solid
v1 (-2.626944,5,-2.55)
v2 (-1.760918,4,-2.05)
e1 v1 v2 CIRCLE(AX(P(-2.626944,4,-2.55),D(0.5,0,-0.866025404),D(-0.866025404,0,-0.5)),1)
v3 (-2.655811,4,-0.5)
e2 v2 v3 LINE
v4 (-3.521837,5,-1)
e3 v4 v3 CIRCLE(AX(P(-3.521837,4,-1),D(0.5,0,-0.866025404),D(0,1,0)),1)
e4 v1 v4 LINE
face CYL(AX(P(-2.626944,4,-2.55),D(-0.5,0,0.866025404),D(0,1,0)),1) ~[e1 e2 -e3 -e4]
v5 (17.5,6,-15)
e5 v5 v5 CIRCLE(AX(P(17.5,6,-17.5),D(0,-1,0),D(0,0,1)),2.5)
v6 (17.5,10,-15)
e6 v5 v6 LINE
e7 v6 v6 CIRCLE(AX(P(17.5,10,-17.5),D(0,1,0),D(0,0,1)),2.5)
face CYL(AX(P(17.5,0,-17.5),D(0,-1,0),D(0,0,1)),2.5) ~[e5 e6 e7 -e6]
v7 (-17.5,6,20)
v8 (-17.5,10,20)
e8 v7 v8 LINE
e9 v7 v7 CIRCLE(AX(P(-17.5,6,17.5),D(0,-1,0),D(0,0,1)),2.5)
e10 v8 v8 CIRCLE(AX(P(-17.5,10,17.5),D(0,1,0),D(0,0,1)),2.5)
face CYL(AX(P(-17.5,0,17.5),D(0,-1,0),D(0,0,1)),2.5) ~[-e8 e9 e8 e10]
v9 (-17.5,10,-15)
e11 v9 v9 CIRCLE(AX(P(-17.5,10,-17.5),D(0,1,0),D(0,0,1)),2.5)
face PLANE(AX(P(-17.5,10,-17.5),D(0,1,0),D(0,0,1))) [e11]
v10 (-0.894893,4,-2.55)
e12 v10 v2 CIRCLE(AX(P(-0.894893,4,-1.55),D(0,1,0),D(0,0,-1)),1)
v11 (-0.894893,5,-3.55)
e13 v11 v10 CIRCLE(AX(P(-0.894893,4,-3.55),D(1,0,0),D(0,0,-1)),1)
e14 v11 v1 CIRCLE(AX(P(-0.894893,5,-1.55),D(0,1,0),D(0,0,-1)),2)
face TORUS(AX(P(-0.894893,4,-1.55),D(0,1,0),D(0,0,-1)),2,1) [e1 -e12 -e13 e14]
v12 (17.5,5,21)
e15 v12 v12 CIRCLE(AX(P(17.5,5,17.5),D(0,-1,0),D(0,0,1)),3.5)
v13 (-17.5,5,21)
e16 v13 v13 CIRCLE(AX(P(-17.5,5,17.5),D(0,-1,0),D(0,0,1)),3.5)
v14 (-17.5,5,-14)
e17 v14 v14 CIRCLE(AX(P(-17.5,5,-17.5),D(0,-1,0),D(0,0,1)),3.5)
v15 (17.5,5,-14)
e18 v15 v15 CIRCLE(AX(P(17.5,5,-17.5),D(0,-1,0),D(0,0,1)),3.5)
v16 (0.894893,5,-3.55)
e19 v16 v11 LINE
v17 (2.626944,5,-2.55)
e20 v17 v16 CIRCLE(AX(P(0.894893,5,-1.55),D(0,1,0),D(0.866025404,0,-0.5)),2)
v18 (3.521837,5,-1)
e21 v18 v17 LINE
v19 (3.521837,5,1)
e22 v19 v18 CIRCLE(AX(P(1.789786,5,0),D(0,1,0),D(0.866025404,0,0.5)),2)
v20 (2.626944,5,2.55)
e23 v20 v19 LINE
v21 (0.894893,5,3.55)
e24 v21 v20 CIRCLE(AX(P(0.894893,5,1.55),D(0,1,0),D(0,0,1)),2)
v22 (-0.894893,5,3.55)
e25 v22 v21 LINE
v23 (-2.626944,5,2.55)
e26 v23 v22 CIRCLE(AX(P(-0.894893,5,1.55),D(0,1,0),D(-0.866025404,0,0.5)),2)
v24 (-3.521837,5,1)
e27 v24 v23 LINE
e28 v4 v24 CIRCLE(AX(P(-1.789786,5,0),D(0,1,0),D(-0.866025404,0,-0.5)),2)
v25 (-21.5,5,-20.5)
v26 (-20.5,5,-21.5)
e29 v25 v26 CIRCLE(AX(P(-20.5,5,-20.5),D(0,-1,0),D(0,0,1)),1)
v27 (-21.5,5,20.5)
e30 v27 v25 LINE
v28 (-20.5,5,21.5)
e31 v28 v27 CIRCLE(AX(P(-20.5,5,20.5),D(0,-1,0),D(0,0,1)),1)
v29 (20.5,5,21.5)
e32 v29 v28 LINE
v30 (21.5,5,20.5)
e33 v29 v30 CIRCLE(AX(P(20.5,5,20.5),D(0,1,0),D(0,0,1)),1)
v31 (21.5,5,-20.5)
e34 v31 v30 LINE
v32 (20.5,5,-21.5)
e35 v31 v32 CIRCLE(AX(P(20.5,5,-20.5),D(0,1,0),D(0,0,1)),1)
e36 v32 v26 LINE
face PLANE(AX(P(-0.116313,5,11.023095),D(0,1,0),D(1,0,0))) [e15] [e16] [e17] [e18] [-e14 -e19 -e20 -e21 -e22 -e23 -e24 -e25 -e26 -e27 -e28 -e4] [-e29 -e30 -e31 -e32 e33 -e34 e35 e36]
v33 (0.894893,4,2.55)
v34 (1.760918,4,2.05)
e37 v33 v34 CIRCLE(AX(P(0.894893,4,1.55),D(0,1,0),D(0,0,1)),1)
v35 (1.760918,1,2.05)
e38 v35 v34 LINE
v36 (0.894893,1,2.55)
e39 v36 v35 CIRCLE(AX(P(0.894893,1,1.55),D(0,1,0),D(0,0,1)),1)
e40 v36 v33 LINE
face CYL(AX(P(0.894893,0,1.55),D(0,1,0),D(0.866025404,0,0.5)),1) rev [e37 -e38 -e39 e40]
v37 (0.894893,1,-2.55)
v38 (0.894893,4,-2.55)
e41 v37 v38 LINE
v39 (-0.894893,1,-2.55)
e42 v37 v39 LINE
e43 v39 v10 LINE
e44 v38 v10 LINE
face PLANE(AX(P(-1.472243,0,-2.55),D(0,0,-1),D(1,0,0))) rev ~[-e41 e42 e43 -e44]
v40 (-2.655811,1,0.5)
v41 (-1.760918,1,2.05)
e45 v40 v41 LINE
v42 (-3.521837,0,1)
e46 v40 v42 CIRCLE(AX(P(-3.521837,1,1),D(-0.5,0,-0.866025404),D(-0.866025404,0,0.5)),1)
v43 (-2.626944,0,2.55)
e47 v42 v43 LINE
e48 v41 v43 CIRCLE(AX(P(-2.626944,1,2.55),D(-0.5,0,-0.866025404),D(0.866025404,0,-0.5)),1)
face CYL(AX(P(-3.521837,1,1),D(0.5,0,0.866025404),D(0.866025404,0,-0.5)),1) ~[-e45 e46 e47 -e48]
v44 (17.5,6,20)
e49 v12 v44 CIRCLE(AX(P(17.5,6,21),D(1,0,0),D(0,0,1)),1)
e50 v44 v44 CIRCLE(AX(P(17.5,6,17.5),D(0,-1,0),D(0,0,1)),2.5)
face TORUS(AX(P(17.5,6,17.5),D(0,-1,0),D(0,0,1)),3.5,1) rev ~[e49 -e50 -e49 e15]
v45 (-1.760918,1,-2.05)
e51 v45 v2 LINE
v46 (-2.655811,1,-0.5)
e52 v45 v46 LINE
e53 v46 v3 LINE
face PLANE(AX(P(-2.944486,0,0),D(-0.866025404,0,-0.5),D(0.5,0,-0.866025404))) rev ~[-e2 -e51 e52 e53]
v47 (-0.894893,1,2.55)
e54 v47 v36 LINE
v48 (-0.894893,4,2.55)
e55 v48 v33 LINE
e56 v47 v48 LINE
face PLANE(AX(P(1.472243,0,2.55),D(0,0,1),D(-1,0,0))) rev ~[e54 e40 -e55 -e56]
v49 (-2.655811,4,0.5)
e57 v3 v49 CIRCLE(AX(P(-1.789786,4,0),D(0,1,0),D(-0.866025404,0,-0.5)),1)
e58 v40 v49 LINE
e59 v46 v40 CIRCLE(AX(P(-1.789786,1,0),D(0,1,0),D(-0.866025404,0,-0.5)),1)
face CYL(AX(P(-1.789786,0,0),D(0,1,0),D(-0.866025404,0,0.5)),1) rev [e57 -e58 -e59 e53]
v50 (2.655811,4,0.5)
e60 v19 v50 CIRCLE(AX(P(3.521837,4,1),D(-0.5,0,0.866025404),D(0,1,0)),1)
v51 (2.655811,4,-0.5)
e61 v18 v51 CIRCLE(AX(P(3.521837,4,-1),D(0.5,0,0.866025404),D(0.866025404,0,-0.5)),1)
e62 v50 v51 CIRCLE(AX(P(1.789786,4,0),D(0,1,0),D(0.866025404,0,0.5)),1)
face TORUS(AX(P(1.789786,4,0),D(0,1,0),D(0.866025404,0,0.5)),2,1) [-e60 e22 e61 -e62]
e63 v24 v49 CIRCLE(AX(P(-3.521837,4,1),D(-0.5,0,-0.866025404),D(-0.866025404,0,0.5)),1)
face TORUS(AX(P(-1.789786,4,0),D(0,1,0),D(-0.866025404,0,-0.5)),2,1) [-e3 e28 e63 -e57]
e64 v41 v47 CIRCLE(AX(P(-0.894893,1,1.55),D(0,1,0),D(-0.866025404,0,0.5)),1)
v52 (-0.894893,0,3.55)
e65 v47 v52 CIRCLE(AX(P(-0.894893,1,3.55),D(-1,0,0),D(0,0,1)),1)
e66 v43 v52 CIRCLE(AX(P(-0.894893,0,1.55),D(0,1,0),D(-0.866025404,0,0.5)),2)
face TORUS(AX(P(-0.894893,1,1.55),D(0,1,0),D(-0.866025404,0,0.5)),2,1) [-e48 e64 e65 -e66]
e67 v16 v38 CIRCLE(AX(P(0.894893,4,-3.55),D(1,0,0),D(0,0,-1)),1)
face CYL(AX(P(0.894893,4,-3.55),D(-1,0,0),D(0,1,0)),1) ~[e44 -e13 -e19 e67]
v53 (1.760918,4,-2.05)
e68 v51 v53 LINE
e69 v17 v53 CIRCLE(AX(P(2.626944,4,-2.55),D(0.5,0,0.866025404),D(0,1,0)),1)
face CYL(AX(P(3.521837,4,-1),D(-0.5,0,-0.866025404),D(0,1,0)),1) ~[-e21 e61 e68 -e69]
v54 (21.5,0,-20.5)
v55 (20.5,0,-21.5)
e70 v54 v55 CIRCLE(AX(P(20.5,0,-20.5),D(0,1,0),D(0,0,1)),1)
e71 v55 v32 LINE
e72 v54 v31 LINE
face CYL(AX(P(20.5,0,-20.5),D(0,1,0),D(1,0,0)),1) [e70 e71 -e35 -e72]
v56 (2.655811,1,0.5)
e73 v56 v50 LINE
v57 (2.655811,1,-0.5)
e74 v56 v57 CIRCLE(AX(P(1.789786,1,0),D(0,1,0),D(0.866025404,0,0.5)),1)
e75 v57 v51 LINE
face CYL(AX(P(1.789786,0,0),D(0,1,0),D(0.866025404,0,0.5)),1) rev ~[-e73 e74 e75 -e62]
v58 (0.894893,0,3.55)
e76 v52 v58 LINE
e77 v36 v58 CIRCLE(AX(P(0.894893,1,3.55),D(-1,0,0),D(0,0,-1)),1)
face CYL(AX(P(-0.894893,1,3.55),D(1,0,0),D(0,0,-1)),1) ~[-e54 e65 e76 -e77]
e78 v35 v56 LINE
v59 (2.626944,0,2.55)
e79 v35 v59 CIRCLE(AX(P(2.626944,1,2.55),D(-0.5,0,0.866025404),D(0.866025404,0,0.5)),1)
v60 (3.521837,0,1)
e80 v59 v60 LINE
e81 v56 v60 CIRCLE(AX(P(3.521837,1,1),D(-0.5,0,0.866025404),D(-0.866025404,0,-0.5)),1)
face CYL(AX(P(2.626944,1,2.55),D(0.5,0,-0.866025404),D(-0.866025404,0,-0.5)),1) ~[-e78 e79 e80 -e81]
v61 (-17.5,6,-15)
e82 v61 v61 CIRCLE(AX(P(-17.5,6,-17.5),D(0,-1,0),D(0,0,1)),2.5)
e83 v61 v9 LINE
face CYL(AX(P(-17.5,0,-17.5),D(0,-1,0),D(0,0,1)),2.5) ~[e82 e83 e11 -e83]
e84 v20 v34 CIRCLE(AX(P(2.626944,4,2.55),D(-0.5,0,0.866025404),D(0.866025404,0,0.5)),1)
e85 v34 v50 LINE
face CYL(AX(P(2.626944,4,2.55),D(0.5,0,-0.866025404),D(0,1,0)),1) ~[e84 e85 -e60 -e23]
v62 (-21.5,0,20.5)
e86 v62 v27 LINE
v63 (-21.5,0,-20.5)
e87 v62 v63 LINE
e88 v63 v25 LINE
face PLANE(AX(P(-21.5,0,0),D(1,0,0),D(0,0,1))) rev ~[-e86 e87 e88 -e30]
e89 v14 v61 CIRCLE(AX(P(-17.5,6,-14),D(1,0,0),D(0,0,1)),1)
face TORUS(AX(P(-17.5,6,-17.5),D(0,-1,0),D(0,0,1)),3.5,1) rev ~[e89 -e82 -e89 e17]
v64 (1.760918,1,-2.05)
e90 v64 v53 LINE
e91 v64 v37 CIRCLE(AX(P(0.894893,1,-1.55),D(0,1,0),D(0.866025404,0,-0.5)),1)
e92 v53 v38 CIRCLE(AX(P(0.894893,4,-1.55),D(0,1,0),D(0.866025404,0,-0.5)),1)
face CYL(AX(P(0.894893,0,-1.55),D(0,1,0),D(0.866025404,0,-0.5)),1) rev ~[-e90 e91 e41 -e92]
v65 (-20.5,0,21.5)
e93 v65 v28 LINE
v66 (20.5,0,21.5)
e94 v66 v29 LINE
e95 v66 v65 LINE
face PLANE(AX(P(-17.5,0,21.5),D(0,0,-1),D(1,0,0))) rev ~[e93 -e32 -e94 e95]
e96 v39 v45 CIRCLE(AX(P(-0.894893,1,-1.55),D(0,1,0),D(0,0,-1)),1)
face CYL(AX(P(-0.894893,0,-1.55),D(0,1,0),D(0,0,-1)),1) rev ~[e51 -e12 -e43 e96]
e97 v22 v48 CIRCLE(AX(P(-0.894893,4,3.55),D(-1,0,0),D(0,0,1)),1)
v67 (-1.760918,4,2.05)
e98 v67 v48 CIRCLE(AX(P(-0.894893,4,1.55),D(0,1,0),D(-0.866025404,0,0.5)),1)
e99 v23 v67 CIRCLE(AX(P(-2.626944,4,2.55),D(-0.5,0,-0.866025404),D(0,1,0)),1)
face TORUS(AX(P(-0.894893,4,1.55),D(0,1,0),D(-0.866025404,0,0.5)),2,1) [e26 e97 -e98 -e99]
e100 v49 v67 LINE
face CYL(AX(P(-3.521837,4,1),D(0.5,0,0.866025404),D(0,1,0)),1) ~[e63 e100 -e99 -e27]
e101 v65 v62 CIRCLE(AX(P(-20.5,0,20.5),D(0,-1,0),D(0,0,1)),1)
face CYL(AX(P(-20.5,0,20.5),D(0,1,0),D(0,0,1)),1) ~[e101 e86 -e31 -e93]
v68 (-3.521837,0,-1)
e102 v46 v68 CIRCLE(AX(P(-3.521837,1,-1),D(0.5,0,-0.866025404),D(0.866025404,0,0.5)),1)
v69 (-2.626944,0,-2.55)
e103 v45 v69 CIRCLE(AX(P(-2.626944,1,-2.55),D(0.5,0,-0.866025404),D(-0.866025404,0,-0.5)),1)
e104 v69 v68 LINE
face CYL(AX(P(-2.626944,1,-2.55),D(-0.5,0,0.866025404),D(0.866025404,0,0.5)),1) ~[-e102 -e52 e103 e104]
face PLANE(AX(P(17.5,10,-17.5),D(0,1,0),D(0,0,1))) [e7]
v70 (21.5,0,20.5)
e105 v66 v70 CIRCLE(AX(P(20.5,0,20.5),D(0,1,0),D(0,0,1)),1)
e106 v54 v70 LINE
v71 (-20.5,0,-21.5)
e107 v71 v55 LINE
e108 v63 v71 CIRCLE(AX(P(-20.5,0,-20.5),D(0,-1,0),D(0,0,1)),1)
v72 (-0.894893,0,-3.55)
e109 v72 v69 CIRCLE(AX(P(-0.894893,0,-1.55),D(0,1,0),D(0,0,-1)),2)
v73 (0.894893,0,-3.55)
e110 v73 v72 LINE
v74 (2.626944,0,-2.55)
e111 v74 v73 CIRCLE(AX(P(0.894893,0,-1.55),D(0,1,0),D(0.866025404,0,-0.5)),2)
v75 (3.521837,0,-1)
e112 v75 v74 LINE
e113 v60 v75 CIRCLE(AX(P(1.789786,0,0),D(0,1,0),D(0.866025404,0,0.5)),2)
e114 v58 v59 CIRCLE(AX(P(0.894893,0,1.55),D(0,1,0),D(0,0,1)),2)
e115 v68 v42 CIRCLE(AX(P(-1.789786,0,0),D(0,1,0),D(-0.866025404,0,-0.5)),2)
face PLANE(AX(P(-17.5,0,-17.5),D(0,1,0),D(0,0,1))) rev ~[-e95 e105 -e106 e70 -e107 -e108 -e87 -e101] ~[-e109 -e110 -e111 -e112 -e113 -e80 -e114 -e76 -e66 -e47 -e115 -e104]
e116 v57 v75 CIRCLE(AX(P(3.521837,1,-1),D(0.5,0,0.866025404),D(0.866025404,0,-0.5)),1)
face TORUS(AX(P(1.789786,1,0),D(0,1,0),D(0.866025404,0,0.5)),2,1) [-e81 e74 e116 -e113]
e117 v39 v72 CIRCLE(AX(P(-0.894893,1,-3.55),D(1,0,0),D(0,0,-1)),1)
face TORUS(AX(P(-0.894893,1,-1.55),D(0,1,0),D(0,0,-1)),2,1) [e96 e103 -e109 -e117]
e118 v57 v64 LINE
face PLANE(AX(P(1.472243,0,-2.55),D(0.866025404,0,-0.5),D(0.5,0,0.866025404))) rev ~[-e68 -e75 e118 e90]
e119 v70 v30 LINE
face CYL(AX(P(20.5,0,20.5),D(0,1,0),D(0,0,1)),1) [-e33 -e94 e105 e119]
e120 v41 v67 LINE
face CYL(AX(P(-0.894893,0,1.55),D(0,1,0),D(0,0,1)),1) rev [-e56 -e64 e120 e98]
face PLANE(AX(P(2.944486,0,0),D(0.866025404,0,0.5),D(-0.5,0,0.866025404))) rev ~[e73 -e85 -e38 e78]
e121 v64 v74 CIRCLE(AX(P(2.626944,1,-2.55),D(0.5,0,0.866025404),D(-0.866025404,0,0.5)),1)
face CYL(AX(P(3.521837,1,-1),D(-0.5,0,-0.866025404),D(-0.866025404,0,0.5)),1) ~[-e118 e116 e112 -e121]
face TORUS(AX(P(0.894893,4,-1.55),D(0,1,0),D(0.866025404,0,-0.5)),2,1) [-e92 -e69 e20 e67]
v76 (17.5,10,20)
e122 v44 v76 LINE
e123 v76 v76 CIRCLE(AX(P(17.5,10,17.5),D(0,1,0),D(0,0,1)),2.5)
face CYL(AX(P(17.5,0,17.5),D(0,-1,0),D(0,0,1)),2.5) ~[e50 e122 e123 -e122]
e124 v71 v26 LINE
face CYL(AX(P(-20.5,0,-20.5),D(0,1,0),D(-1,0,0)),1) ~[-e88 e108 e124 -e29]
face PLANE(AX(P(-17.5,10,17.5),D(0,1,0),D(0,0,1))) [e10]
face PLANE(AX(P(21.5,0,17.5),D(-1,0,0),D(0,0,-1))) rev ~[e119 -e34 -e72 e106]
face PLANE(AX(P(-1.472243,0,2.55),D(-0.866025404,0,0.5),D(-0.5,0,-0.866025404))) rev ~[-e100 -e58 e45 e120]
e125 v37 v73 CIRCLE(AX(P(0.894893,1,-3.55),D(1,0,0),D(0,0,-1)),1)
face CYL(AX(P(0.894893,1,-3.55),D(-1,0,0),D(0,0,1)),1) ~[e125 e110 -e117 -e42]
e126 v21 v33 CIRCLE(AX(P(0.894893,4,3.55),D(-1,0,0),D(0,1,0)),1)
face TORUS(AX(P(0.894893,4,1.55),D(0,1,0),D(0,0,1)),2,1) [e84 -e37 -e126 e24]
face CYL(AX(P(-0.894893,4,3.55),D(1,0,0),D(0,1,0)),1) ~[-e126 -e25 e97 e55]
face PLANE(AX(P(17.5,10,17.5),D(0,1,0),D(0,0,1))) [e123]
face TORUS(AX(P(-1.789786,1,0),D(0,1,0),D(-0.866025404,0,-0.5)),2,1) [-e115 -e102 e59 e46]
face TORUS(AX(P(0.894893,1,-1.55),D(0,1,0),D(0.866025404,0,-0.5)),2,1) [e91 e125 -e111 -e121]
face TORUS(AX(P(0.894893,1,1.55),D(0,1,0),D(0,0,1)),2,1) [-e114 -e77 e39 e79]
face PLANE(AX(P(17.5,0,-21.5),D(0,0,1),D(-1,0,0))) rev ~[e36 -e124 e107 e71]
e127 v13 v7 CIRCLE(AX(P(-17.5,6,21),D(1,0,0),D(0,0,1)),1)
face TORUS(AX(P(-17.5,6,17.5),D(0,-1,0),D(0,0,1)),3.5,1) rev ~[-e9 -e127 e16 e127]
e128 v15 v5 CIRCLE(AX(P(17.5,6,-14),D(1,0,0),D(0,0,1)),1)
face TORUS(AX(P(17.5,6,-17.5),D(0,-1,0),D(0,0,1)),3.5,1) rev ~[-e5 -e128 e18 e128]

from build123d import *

# Parameters (mm, degrees)
SKETCH2_W           = 43
SKETCH2_H           = 43
BOSS_EXTRUDE1_DEPTH = 5
SKETCH2_3_R         = 2.5
BOSS_EXTRUDE2_DEPTH = 10
FILLET1_R           = 1
FILLET2_R           = 1
FILLET3_R           = 1


with BuildPart() as part:
    # Sketch2 → Boss-Extrude1 (new body)
    with BuildSketch(Plane(origin=(0, 0, 0), x_dir=(1, 0, 0), z_dir=(0, 1, 0))):
        Rectangle(SKETCH2_W, SKETCH2_H)
        Polygon((-1.472243186, -2.55), (-2.944486373, 0), (-1.472243186, 2.55), (1.472243186, 2.55), (2.944486373, 0), (1.472243186, -2.55), align=None, mode=Mode.SUBTRACT)
    extrude(amount=BOSS_EXTRUDE1_DEPTH)

    # Sketch2<3> → Boss-Extrude2 (add)
    with BuildSketch(Plane(origin=(0, 0, 0), x_dir=(1, 0, 0), z_dir=(0, 1, 0))):
        with Locations((17.5, -17.5)):
            Circle(SKETCH2_3_R)
        with Locations((17.5, 17.5)):
            Circle(SKETCH2_3_R)
        with Locations((-17.5, 17.5)):
            Circle(SKETCH2_3_R)
        with Locations((-17.5, -17.5)):
            Circle(SKETCH2_3_R)
    extrude(amount=BOSS_EXTRUDE2_DEPTH)

    # Fillet1
    fillet1_edges = [part.edges().sort_by_distance(p)[0] for p in [
        (-20, 5, -17.5),
        (15, 5, -17.5),
        (15, 5, 17.5),
        (-20, 5, 17.5),
    ]]
    fillet(fillet1_edges, radius=FILLET1_R)

    # Fillet2
    fillet2_edges = [part.edges().sort_by_distance(p)[0] for p in [
        (-1.472243186, 2.5, -2.55),
        (1.472243186, 2.5, -2.55),
        (2.944486373, 2.5, 0),
        (1.472243186, 2.5, 2.55),
        (-1.472243186, 2.5, 2.55),
        (-2.944486373, 2.5, 0),
        (-21.5, 2.5, -21.5),
        (21.5, 2.5, -21.5),
        (21.5, 2.5, 21.5),
        (-21.5, 2.5, 21.5),
    ]]
    fillet(fillet2_edges, radius=FILLET2_R)

    # Fillet3
    fillet3_edges = [part.edges().sort_by_distance(p)[0] for p in [
        (1.394892917, 0, 2.416025404),
        (0, 0, 2.55),
        (-1.394892917, 0, 2.416025404),
        (-2.20836478, 0, 1.275),
        (-2.789785834, 5, 0),
        (-2.789785834, 0, 0),
        (-1.394892917, 5, 2.416025404),
        (1.394892917, 5, 2.416025404),
        (2.789785834, 5, 0),
        (2.789785834, 0, 0),
        (1.394892917, 5, -2.416025404),
        (1.394892917, 0, -2.416025404),
        (-1.394892917, 5, -2.416025404),
        (-1.394892917, 0, -2.416025404),
        (0, 5, 2.55),
        (2.20836478, 5, 1.275),
        (2.20836478, 5, -1.275),
        (0, 5, -2.55),
        (-2.20836478, 5, -1.275),
        (-2.20836478, 5, 1.275),
        (2.20836478, 0, 1.275),
        (2.20836478, 0, -1.275),
        (0, 0, -2.55),
        (-2.20836478, 0, -1.275),
    ]]
    fillet(fillet3_edges, radius=FILLET3_R)


solid = part.part
